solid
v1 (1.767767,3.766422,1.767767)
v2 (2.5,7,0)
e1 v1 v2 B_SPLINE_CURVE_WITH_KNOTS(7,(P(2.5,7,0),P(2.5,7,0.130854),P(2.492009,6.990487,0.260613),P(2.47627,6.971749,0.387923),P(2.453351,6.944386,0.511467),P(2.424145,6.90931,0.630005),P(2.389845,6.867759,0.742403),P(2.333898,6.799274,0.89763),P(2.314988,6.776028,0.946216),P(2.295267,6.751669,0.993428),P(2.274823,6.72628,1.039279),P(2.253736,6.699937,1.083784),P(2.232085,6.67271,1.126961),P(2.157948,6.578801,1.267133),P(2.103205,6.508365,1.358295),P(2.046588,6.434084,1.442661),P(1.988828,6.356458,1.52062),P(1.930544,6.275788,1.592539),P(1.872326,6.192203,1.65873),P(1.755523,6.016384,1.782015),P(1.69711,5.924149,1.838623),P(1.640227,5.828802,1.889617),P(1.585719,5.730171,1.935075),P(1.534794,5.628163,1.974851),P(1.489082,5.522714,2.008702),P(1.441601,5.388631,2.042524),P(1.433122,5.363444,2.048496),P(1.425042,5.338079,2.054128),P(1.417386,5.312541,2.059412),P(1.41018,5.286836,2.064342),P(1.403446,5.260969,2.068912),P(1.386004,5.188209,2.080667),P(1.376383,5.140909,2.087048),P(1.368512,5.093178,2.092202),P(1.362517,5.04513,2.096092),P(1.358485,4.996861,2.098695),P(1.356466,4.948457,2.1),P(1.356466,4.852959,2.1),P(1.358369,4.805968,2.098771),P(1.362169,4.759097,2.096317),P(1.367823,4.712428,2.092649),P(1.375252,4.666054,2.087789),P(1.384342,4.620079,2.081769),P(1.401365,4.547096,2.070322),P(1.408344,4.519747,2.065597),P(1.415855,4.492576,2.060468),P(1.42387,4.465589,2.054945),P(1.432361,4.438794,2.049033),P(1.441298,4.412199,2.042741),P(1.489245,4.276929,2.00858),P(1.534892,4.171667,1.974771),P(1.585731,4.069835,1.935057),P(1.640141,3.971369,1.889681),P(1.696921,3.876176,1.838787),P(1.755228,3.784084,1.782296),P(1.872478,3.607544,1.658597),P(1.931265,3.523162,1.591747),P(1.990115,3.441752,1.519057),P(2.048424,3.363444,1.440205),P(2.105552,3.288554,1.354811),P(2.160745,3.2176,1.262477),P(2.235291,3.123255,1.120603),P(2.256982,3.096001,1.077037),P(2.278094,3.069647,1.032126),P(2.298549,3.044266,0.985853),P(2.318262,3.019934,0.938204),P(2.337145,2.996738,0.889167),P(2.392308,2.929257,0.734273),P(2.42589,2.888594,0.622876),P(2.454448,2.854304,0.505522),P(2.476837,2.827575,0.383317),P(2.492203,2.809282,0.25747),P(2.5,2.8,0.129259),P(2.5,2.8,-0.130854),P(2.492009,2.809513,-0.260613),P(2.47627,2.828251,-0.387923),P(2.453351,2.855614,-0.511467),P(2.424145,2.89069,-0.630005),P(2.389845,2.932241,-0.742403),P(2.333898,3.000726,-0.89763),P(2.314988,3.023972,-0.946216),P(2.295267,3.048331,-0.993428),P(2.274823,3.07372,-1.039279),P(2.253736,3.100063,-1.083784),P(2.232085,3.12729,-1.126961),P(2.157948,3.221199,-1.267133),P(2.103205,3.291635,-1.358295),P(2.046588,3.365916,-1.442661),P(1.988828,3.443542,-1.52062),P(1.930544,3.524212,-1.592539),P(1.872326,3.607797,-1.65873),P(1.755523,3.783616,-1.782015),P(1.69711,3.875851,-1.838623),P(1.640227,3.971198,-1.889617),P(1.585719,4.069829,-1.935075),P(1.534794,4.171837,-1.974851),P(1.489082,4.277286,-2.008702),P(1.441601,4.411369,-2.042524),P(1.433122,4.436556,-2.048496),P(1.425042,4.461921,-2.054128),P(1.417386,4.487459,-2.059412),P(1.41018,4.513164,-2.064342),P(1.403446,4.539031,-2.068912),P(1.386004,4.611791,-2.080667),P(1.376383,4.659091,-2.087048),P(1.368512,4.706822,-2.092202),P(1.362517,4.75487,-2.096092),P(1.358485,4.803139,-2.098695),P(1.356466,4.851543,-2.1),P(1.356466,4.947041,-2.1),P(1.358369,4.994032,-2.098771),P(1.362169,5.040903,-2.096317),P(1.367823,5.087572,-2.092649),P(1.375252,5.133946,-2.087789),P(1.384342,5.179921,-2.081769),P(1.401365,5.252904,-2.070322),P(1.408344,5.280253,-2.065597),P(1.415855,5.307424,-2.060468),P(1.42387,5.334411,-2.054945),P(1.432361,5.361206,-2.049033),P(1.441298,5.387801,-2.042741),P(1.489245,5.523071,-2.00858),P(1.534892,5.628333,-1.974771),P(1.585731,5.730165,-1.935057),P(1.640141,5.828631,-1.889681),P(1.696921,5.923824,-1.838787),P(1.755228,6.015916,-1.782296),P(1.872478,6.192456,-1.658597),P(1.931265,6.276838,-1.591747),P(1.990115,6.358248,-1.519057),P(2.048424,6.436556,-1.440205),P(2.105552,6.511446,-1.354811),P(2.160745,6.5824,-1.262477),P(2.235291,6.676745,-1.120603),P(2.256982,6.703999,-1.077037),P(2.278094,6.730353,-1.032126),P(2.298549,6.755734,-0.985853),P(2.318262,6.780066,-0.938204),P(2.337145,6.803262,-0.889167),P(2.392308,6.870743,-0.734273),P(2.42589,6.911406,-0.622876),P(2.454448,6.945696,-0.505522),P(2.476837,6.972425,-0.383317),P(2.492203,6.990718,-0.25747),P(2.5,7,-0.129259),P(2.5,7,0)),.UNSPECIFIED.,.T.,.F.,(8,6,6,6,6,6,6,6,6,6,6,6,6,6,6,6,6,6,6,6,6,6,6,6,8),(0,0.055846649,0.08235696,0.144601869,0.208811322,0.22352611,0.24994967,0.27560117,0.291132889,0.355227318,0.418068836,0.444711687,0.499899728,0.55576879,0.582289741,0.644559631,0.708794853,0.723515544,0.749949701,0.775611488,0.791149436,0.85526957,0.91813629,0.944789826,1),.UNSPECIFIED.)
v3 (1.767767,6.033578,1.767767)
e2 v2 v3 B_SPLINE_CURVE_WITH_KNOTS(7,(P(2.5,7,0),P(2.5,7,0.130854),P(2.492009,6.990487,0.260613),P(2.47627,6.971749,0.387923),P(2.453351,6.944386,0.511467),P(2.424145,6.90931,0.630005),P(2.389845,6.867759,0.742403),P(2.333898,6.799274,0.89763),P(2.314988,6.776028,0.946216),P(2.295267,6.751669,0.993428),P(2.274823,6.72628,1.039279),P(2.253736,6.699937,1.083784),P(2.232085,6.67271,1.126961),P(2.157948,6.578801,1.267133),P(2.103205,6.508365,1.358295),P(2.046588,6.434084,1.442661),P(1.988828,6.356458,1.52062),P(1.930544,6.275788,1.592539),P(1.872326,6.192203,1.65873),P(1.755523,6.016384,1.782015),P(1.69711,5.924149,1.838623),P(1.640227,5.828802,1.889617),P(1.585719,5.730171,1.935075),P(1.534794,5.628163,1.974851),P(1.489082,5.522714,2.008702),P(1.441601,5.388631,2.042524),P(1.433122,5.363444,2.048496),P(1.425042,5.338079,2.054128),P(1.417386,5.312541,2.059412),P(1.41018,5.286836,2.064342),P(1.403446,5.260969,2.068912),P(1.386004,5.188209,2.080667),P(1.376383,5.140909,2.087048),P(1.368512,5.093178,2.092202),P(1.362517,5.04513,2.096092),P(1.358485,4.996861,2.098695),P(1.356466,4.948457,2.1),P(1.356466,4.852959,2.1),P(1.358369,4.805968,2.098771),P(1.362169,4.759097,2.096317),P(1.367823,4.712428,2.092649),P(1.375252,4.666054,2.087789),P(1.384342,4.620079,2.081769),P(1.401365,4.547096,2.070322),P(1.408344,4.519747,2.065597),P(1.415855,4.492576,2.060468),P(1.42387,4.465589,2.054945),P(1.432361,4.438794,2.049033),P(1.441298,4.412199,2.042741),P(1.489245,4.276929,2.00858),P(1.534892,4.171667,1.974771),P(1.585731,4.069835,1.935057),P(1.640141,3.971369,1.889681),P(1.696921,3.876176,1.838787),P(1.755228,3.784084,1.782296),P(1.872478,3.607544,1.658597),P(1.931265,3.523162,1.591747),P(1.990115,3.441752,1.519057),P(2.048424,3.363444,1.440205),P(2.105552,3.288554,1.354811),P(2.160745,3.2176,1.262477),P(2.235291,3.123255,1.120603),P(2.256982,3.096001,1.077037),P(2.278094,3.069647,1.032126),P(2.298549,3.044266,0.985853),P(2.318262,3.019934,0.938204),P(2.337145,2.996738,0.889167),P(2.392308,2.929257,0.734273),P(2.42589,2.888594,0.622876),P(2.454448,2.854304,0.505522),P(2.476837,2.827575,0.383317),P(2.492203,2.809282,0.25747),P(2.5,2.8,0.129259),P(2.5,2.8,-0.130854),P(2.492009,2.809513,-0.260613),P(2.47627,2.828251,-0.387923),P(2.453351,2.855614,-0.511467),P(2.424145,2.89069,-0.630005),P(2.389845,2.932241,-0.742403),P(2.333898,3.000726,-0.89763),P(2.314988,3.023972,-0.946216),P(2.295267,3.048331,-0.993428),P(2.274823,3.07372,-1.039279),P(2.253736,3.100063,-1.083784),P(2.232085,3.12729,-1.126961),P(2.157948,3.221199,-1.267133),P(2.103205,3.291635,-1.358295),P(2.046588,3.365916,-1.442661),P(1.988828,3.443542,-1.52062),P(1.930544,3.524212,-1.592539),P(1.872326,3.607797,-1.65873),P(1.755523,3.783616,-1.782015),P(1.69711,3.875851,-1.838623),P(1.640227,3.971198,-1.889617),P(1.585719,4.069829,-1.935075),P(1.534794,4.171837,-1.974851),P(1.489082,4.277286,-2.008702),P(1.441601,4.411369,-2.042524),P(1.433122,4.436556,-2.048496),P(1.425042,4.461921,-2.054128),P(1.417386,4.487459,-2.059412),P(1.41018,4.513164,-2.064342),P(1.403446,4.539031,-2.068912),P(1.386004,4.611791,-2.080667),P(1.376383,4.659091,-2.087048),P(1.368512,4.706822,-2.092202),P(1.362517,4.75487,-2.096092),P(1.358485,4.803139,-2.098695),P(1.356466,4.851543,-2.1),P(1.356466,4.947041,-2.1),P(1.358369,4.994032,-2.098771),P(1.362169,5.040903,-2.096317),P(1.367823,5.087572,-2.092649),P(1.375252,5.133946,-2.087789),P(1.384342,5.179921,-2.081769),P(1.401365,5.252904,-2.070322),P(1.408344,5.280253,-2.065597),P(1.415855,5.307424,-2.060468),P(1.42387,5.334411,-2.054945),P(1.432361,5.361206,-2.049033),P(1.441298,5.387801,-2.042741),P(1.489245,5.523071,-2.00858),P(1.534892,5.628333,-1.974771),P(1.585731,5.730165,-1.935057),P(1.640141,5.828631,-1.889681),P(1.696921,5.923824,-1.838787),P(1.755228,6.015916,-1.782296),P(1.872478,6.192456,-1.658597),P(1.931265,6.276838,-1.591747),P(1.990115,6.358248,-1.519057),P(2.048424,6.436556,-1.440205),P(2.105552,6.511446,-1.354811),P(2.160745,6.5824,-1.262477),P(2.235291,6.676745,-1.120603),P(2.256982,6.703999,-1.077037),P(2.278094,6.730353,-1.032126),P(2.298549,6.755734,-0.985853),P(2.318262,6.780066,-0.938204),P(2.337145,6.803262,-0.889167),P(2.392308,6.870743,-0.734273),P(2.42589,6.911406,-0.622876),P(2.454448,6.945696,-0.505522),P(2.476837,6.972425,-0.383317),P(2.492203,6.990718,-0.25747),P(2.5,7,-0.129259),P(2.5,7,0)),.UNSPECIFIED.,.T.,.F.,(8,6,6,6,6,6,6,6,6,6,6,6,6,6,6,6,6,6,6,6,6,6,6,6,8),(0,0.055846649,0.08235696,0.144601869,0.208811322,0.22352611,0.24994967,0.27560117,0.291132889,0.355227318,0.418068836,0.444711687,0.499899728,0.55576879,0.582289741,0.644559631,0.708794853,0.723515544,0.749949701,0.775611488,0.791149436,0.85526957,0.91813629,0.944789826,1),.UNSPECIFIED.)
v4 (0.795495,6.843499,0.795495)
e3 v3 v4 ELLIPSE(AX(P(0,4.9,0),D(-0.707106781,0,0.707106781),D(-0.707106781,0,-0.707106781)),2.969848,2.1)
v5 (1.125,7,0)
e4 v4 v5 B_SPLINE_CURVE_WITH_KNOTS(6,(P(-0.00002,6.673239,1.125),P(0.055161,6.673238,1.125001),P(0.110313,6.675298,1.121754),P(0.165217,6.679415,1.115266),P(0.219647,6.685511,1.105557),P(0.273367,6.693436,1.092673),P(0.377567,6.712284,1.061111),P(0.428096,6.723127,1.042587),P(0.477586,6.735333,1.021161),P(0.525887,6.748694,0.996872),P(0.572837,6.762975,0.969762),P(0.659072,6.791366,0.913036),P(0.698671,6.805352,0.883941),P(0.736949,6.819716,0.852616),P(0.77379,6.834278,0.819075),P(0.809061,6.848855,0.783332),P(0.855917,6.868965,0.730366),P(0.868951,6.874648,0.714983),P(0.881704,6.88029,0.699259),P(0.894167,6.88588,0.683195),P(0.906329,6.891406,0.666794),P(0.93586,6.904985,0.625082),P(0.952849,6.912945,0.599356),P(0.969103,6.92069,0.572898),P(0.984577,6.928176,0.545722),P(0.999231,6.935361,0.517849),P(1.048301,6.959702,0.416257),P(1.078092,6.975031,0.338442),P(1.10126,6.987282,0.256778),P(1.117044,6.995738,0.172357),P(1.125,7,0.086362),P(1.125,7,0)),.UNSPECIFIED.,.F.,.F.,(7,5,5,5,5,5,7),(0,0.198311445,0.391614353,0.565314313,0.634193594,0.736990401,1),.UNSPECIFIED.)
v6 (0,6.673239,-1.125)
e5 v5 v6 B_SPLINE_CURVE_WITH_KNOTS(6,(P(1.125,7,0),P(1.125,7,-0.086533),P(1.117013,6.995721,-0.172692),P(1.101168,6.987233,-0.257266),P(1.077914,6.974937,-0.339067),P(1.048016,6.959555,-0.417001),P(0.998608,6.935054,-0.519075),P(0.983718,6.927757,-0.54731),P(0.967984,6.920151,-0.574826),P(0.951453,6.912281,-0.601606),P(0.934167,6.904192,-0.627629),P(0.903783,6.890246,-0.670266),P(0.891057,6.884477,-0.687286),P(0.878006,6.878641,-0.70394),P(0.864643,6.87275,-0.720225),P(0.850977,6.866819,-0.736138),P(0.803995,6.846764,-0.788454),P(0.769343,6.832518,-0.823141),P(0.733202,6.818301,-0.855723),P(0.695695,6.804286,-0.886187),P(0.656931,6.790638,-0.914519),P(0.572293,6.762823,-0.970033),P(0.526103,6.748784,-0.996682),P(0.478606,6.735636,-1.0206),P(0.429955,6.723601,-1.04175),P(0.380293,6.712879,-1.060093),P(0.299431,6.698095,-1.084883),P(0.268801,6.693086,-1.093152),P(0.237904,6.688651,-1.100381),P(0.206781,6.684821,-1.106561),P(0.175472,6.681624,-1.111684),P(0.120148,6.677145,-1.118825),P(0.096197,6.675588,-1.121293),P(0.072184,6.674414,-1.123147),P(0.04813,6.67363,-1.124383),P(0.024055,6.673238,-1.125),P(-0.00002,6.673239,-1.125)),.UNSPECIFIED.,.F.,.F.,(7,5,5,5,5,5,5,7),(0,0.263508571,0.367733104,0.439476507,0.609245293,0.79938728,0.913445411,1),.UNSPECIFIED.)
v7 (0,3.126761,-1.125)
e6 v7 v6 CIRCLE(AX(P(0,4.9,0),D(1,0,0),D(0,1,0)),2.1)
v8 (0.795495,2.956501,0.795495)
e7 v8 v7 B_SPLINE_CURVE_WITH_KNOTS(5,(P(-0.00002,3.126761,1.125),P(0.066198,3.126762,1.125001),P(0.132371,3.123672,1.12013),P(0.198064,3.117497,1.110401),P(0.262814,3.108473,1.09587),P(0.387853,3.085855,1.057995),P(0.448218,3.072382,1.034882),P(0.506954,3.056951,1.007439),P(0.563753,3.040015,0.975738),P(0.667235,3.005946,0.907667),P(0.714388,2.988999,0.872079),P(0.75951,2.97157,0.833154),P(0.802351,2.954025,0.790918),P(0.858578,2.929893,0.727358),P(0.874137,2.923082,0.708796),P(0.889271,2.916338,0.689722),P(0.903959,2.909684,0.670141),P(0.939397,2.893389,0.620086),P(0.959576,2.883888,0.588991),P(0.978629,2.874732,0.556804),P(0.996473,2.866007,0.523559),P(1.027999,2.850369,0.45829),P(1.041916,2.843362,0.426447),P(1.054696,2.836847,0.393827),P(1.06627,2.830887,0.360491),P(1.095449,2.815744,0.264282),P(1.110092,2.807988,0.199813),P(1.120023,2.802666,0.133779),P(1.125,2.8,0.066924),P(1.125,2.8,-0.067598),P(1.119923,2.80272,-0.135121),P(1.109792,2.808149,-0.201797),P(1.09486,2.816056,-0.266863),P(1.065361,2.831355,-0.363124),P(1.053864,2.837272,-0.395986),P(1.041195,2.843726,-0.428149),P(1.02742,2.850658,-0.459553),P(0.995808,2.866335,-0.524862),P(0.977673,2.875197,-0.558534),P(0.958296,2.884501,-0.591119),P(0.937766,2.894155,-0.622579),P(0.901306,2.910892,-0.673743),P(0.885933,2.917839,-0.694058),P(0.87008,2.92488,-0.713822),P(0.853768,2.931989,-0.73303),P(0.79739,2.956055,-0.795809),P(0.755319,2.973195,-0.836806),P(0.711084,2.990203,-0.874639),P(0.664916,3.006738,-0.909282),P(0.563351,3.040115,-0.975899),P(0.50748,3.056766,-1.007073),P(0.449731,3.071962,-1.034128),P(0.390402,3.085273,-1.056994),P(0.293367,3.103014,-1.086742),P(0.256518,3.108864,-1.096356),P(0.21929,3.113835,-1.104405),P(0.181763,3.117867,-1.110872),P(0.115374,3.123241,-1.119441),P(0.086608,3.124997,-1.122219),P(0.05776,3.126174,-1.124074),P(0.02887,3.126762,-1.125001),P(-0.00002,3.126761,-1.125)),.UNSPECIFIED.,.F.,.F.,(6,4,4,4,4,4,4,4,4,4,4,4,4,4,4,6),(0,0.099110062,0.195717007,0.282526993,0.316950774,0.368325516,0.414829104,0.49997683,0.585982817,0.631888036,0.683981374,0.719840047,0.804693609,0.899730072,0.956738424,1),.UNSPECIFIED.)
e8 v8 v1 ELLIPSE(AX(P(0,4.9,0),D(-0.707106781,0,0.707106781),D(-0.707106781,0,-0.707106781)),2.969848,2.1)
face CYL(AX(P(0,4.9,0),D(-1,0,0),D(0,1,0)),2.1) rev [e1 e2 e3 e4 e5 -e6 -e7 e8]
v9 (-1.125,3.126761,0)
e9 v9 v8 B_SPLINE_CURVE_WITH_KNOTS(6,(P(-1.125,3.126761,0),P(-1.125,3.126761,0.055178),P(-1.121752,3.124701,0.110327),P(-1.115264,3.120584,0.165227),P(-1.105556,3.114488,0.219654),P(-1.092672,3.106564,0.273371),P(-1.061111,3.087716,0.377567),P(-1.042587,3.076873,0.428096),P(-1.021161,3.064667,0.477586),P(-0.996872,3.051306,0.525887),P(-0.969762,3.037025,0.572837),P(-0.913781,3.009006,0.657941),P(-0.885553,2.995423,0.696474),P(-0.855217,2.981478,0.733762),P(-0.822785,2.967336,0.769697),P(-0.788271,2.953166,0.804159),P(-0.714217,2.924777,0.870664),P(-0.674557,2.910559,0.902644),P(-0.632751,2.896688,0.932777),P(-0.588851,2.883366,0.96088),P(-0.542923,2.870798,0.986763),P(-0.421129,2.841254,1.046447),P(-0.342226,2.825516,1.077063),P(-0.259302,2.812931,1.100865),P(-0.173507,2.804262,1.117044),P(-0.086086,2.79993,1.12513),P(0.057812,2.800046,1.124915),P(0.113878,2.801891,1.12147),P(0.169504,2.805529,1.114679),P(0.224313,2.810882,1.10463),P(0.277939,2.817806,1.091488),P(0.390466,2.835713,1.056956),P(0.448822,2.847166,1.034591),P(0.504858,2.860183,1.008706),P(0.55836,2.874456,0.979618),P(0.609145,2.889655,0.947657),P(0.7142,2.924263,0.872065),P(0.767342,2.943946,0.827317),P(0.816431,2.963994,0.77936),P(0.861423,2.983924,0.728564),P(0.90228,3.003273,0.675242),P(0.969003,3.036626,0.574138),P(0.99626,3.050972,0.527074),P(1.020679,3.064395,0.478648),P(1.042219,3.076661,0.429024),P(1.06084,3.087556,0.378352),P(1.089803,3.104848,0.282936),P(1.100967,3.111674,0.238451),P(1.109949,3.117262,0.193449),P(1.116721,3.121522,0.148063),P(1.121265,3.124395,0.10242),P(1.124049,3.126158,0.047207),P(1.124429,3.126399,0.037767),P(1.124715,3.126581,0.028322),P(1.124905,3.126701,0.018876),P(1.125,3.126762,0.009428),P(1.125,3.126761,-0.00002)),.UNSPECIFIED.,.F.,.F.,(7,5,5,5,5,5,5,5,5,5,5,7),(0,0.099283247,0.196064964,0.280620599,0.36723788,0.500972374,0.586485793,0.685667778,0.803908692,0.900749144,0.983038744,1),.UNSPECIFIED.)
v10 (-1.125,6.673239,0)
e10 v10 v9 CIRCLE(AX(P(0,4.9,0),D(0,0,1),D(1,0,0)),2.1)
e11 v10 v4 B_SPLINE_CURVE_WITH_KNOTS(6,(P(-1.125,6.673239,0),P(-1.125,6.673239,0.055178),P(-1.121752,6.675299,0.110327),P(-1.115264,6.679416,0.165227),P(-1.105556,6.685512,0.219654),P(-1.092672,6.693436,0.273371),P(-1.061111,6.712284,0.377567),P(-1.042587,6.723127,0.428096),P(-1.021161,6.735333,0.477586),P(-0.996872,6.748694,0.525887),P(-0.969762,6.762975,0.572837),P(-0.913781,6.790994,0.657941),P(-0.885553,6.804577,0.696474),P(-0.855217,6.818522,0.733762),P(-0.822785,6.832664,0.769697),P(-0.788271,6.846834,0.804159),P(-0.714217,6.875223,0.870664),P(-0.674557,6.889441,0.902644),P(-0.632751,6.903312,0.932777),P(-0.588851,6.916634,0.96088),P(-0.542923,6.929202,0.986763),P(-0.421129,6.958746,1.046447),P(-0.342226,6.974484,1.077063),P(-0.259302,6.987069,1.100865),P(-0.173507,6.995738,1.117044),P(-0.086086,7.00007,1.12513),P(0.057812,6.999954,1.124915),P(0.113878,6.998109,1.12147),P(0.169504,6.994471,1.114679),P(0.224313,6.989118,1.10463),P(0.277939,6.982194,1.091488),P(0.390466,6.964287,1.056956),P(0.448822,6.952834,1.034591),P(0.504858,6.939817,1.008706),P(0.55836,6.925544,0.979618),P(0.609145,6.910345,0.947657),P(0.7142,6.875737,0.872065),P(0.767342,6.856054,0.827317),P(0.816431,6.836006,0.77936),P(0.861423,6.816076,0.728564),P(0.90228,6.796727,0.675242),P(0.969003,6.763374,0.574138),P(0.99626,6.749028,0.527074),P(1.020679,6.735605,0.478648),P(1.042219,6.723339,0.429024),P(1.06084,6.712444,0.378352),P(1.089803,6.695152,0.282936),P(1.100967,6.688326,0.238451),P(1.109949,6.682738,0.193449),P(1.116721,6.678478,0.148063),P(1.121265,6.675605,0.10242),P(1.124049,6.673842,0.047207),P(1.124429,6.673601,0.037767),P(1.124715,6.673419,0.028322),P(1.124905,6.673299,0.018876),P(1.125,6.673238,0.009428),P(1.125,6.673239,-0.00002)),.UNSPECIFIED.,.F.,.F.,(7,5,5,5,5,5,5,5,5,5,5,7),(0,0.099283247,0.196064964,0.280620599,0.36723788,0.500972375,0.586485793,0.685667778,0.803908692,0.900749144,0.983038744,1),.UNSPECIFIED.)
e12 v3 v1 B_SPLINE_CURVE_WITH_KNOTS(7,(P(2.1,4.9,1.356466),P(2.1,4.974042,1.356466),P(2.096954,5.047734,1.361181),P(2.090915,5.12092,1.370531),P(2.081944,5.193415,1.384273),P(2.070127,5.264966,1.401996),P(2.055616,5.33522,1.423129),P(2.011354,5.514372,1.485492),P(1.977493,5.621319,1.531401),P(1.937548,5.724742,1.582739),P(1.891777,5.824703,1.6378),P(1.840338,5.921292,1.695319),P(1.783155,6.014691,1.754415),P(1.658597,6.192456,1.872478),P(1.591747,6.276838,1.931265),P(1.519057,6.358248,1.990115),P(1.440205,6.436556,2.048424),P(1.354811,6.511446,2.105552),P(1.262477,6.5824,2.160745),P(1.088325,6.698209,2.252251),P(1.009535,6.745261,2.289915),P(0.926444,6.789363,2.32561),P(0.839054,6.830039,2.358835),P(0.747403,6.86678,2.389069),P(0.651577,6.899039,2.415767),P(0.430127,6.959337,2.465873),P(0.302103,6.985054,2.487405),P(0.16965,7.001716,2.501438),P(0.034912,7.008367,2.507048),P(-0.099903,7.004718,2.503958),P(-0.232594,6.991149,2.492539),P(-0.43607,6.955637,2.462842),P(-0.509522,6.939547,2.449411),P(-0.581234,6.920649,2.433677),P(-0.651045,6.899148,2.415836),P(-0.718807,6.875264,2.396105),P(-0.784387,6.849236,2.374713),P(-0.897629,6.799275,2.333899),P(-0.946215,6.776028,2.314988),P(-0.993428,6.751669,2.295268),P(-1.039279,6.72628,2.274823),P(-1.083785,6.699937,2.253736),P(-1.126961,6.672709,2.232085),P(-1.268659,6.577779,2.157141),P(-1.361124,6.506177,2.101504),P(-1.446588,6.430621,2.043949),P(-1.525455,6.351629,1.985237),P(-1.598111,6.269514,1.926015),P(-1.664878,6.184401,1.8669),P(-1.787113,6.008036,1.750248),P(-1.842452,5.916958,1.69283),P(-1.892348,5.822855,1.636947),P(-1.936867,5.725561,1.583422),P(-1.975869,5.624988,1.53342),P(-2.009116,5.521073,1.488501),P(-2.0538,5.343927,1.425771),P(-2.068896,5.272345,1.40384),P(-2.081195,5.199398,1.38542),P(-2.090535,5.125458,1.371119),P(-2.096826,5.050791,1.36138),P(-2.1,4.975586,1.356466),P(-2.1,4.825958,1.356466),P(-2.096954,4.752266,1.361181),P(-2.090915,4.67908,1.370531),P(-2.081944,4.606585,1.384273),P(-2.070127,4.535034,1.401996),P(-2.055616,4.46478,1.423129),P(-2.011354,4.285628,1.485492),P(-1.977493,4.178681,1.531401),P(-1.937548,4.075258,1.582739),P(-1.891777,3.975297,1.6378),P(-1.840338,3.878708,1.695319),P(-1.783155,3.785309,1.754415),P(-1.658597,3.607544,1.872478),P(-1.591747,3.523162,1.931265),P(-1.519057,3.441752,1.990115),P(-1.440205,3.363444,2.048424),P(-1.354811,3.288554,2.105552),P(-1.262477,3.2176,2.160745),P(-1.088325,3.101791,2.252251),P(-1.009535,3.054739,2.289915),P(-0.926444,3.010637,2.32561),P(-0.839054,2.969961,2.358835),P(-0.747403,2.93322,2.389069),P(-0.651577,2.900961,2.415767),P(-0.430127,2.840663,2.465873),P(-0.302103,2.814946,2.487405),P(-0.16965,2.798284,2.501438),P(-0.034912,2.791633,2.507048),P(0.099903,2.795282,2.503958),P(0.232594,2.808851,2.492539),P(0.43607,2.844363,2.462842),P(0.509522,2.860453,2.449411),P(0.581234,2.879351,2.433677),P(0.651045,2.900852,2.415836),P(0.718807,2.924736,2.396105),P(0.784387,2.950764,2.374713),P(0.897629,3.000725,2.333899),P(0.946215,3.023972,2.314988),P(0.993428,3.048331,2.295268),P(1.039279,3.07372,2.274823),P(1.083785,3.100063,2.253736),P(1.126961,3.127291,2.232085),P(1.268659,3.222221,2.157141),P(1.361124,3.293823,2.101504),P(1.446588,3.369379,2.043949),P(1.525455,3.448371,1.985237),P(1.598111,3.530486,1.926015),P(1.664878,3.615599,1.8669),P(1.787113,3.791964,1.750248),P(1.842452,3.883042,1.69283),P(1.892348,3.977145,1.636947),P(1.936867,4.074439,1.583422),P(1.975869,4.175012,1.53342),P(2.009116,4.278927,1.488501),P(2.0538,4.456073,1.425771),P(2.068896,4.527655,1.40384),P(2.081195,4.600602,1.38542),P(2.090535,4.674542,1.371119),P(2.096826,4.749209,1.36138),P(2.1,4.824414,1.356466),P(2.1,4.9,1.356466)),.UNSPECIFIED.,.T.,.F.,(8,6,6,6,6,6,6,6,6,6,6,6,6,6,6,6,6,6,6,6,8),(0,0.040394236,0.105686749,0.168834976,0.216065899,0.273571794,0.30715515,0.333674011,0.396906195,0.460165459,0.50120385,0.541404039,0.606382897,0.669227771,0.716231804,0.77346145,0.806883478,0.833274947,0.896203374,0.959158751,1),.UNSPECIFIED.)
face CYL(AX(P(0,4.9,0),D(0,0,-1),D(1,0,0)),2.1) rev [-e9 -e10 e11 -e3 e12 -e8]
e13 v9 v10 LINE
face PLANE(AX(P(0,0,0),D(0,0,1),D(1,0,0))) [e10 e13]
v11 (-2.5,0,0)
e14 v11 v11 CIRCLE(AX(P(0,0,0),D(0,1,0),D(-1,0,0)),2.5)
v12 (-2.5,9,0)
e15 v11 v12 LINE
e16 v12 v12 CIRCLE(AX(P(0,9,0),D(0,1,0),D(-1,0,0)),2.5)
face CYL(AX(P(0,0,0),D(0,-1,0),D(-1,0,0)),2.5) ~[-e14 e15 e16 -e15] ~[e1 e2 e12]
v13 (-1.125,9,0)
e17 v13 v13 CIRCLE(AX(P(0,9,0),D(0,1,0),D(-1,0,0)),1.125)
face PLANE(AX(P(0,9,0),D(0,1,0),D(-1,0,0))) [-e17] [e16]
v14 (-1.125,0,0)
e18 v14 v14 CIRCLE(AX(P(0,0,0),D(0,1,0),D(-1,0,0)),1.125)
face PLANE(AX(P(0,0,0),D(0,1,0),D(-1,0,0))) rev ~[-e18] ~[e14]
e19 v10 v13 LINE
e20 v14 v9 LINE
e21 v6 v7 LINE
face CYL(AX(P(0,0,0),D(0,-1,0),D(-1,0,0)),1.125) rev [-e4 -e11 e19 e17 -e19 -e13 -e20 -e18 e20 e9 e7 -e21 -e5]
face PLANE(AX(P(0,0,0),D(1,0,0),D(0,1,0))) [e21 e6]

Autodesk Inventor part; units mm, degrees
ref_plane "YZ Plane" through (0, 0, 0) normal (1, 0, 0) x (0, 1, 0)
ref_plane "XZ Plane" through (0, 0, 0) normal (0, 1, 0) x (-1, 0, 0)
ref_plane "XY Plane" through (0, 0, 0) normal (0, 0, 1) x (1, 0, 0)
sketch "Sketch1" plane through (0, 0, 0) normal (0, 1, 0) x (-1, 0, 0)
  circle A0 centre (0, 0) radius 1.125
  circle A1 centre (0, 0) radius 2.5
  dimension "d0" = 2.25
  dimension "d1" = 5
extrude "Extrusion1" add sketch "Sketch1" along normal blind 9
sketch "Sketch2" plane through (0, 0, 0) normal (0, 0, 1) x (1, 0, 0)
  line L0 (2.5, 9) -> (-2.5, 9) projected
  line L1 (2.5, 0) -> (-2.5, 0) projected
  line L2 (-2.5, 0) -> (-2.5, 9) projected
  line L3 (-2.5, 7) -> (2.5173, 7)
  line L4 (2.5, 9) -> (-2.5, 9) projected
  line L5 (0, 9) -> (0, 0)
  circle A0 centre (0, 4.9) radius 2.1
  dimension "d4" = 2
  dimension "d5" = 4.2
extrude "Extrusion2" cut sketch "Sketch2" along normal blind 12 contours A0 L5 | L5 A0
sketch "Sketch3" plane through (0, 0, 0) normal (1, 0, 0) x (0, 1, 0)
  line L0 (9, -2.5) -> (9, 2.5) projected
  line L1 (0, -2.5) -> (0, 2.5) projected
  line L2 (0, 2.5) -> (9, 2.5) projected
  line L3 (7, 2.5) -> (7, -2.525)
  line L4 (9, 1.125) -> (9, -1.125) projected
  line L5 (9, 0) -> (0, 0)
  circle A0 centre (4.9, 0) radius 2.1
  point P0 (4.9, 1.3565)
  dimension "d8" = 2
  dimension "d9" = 4.2
extrude "Extrusion3" cut sketch "Sketch3" along normal up to next contours A0 L5 | L5 A0
properties part number "motor_shaft_adapter" material "ABS Plastic"
